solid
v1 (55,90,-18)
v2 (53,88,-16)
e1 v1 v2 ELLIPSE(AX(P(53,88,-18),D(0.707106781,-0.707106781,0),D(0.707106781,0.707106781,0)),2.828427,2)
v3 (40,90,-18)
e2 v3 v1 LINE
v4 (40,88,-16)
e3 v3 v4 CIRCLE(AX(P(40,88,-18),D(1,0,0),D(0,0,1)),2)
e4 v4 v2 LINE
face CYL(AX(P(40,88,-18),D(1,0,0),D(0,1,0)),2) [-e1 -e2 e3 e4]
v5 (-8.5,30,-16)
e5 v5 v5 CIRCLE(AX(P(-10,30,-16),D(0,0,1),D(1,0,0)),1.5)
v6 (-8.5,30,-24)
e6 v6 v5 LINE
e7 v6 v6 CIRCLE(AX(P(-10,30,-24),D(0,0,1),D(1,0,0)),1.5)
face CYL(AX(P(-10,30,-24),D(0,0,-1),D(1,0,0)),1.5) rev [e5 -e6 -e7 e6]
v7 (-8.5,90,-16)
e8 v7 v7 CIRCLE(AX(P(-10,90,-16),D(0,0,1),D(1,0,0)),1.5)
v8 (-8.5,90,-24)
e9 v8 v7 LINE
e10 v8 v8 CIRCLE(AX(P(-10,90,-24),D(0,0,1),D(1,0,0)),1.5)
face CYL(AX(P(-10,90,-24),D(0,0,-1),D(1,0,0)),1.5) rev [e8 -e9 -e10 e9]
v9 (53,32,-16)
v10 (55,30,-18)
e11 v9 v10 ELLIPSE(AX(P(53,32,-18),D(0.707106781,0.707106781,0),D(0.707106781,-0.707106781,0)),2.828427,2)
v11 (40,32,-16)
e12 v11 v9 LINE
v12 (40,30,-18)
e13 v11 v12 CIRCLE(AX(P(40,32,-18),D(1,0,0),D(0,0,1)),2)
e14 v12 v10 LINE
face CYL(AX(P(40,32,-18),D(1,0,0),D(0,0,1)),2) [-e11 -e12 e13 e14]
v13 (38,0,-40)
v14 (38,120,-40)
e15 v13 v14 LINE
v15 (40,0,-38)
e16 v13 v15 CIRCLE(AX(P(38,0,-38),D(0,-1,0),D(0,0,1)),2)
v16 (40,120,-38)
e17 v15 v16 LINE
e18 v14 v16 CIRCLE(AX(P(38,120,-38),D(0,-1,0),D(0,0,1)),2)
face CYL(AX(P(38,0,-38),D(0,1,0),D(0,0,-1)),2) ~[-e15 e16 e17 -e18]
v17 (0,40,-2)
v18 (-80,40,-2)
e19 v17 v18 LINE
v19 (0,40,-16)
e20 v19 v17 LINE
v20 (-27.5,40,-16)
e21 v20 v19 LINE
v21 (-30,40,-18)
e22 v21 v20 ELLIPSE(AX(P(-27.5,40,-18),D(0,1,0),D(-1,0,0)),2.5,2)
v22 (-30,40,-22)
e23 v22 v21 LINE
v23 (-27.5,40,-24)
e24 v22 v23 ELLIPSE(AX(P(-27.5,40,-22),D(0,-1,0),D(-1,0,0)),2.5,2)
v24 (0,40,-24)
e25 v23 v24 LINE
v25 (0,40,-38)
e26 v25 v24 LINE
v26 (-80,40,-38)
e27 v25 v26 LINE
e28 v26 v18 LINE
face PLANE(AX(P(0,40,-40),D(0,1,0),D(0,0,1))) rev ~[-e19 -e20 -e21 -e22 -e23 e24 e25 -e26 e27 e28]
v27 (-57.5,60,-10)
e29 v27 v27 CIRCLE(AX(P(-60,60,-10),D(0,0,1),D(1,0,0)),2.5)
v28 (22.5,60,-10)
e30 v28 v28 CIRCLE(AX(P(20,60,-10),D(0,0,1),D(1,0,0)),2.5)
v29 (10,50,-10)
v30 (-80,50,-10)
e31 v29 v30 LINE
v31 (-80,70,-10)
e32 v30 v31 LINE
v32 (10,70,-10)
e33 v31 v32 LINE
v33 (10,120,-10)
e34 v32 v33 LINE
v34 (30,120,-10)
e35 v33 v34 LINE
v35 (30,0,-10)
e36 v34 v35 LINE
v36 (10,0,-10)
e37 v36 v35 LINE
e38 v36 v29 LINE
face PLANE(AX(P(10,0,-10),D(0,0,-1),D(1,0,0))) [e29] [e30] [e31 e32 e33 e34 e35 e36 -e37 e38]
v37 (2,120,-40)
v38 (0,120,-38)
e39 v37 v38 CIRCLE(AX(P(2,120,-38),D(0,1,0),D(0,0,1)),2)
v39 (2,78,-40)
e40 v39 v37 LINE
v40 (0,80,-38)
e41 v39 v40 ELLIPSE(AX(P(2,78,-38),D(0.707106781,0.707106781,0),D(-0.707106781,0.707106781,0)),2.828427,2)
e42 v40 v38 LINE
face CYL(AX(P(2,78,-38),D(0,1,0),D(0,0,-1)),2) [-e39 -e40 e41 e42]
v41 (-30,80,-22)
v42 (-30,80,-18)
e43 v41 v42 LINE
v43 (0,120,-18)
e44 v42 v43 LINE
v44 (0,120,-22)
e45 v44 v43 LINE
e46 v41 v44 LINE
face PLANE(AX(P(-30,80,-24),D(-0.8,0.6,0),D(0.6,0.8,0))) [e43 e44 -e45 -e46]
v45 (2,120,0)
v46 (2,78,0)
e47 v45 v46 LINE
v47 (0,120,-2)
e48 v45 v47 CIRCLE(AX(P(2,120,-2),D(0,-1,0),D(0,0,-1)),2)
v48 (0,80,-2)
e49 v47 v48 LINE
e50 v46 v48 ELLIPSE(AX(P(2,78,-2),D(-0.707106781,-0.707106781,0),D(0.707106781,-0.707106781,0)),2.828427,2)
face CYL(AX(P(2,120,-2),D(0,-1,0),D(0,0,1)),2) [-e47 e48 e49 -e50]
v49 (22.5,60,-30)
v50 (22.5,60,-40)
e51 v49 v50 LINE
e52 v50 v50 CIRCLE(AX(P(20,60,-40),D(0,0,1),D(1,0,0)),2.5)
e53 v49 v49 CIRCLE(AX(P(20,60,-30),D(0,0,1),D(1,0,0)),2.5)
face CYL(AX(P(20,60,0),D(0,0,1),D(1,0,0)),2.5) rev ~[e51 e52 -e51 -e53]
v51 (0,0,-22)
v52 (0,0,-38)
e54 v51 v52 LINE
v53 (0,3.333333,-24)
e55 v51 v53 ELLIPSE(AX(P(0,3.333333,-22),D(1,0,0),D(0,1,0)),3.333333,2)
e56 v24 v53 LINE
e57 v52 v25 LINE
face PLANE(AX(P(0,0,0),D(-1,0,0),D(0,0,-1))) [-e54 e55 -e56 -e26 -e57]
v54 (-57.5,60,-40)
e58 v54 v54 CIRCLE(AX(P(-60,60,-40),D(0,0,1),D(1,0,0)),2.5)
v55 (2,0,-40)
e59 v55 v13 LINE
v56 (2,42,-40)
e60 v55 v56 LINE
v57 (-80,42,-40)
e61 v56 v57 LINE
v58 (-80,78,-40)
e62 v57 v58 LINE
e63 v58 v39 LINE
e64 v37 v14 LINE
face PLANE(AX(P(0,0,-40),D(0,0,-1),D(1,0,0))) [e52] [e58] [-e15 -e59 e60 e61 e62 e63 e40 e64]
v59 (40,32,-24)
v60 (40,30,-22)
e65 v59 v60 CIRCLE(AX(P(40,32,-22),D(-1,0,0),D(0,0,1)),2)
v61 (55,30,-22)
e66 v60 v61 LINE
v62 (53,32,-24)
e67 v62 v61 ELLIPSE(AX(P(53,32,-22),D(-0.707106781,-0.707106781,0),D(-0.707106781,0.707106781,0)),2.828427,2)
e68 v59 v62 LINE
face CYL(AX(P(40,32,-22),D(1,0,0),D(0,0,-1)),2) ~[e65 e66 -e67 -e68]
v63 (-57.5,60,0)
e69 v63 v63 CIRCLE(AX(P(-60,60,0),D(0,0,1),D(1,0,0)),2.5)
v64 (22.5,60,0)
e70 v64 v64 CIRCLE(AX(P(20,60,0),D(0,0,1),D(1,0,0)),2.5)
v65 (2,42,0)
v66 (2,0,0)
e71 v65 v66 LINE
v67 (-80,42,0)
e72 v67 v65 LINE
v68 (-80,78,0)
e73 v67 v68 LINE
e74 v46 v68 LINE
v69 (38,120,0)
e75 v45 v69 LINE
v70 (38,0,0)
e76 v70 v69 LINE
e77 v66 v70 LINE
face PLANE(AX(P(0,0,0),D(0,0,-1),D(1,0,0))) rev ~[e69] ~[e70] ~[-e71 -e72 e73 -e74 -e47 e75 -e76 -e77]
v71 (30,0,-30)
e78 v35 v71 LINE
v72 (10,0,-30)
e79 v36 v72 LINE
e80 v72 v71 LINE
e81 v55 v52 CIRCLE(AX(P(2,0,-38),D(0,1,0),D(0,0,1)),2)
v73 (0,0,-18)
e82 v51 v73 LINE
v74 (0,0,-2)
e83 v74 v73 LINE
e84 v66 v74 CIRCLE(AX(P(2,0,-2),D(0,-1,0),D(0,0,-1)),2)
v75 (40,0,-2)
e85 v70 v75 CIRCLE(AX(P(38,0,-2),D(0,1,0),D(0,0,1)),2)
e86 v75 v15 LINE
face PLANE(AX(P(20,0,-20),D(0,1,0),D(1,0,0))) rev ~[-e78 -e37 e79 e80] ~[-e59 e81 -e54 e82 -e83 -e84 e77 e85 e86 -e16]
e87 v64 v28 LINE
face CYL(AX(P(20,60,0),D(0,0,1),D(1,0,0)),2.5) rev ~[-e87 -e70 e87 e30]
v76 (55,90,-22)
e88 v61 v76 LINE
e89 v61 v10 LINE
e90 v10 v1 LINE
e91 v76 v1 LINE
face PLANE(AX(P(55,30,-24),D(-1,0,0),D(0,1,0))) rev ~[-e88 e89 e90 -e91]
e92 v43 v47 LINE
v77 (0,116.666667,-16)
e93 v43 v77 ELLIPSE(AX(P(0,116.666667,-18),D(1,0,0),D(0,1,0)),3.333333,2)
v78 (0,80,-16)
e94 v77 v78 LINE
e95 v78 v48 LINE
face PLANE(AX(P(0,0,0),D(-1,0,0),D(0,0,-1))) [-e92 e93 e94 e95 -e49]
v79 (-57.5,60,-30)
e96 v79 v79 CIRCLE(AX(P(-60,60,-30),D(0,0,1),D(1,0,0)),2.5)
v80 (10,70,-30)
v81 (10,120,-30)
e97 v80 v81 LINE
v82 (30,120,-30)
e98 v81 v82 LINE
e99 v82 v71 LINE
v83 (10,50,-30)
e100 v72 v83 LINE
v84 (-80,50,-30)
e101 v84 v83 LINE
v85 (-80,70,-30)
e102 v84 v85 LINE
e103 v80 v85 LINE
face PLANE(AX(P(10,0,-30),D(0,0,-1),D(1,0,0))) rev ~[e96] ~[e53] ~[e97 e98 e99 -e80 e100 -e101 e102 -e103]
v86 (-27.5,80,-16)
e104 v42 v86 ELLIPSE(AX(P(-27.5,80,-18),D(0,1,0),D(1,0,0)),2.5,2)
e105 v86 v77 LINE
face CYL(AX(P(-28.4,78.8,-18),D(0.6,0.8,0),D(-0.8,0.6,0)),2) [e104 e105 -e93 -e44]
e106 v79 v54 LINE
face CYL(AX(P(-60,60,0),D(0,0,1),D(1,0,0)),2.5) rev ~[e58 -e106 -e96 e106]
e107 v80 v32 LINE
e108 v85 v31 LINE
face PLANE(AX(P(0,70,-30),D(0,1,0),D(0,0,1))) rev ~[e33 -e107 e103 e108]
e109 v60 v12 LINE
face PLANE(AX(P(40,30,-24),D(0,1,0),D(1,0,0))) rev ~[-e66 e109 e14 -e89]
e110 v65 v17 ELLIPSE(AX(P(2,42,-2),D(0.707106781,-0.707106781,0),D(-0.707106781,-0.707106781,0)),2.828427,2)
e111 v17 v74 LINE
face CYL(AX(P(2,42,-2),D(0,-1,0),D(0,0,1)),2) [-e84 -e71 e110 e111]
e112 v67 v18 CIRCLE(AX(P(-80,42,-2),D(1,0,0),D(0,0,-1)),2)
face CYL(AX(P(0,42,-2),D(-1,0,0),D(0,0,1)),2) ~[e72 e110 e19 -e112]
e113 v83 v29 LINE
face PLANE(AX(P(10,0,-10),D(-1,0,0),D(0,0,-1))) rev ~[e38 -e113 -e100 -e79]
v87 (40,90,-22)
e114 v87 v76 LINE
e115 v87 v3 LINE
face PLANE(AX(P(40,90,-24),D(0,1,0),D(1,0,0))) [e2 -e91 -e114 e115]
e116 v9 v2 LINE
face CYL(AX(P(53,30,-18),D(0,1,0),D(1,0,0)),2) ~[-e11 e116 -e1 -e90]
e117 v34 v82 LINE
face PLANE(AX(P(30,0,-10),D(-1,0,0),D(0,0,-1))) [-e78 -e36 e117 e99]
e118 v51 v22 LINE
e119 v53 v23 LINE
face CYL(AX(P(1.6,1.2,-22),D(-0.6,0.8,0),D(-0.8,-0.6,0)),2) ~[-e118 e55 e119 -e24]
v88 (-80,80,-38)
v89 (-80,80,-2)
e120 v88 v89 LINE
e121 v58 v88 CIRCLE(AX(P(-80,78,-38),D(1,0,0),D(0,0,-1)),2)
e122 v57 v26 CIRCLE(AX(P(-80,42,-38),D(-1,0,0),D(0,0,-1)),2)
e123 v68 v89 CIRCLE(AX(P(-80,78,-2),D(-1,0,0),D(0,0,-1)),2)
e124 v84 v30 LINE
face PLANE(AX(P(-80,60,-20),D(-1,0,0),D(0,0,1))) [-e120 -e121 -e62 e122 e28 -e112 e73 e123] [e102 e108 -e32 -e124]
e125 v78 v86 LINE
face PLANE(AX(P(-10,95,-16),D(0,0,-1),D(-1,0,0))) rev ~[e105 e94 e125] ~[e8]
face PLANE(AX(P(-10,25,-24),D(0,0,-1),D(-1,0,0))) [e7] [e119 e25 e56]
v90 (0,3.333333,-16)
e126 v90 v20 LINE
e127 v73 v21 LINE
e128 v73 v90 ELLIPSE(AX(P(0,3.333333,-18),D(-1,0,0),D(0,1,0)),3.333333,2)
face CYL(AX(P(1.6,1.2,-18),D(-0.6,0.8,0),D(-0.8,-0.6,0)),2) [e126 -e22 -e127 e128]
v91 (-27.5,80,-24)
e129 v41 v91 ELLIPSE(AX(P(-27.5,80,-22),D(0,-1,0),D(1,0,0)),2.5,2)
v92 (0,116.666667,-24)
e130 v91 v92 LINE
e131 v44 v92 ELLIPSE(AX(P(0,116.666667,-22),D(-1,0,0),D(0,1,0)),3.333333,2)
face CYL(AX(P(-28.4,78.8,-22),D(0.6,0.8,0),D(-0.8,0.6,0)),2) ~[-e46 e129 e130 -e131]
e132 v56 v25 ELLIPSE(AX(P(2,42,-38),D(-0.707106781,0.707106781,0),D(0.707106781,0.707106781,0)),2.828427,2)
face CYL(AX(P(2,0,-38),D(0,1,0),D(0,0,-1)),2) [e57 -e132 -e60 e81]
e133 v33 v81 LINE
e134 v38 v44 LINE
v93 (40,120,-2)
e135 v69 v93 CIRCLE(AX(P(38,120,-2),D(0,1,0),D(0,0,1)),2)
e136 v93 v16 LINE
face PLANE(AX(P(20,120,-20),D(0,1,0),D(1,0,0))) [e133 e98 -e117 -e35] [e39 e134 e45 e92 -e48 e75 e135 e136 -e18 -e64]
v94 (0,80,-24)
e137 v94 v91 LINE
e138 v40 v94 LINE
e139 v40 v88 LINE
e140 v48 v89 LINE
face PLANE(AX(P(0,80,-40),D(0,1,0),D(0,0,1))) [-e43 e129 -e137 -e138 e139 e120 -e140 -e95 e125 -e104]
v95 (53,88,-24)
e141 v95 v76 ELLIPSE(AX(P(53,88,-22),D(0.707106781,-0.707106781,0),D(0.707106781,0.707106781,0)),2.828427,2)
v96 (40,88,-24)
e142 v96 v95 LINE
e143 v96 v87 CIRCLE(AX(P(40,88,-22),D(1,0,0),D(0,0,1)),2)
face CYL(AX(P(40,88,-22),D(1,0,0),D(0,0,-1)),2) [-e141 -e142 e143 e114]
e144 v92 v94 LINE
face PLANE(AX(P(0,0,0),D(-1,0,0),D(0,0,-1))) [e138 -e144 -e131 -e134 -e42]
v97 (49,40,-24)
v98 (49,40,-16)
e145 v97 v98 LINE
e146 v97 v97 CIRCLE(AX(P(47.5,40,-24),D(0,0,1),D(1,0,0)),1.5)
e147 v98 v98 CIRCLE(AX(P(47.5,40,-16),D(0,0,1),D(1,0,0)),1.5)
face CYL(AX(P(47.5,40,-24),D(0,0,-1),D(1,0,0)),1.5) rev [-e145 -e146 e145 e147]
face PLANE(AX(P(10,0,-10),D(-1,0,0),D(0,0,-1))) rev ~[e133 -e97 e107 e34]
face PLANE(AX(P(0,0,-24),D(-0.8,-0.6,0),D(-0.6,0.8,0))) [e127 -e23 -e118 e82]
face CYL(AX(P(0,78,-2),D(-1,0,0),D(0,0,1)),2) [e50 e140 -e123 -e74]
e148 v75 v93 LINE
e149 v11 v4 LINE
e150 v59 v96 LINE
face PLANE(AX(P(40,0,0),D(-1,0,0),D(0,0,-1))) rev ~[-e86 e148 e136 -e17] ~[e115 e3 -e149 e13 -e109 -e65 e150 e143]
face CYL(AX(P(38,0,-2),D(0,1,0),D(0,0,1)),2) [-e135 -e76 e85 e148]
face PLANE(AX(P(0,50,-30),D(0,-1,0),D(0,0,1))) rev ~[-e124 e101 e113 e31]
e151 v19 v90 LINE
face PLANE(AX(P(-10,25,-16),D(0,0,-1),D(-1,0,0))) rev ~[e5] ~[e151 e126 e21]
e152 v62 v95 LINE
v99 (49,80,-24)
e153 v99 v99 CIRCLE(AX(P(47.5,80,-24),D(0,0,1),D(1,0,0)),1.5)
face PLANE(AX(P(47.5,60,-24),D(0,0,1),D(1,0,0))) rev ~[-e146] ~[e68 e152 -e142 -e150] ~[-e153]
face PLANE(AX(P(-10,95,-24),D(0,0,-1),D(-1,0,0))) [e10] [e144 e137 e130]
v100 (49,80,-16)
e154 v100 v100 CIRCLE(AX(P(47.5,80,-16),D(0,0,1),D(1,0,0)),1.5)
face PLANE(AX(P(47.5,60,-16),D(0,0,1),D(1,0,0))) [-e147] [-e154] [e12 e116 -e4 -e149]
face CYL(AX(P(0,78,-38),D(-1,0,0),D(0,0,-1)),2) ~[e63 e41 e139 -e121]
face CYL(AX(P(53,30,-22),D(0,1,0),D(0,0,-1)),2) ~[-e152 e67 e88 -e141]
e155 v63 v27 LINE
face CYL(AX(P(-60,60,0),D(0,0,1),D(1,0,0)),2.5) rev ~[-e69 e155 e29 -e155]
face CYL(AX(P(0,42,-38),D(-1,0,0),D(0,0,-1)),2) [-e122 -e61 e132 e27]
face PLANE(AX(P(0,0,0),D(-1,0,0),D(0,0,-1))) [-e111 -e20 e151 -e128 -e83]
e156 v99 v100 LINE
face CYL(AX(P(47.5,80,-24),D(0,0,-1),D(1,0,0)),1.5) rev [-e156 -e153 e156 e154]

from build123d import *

# Parameters (mm, degrees)
SKETCH1_W                = 40
SKETCH1_H                = 40
SKETCH1_W_2              = 20
SKETCH1_H_2              = 20
BOSS_EXTRUDE1_DEPTH      = 120
SKETCH2_W                = 40
SKETCH2_H                = 40
SKETCH2_W_2              = 20
SKETCH2_H_2              = 20
BOSS_EXTRUDE2_DEPTH      = 80
BOSS_EXTRUDE3_DEPTH      = 4
BOSS_EXTRUDE3_DEPTH_BACK = 4
SKETCH5_R                = 1.5
SKETCH5_W                = 15
SKETCH5_H                = 60
SKETCH7_W                = 20
SKETCH7_H                = 20
CUT_EXTRUDE2_DEPTH       = 30
SKETCH8_R                = 2.5
CUT_EXTRUDE3_DEPTH       = 150.666295471
FILLET1_R                = 2
FILLET2_R                = 2
FILLET3_R                = 2
FILLET4_R                = 2
FILLET5_R                = 2


with BuildPart() as part:
    # Sketch1 → Boss-Extrude1 (new body)
    with BuildSketch(Plane(origin=(0, 0, 0), x_dir=(1, 0, 0), z_dir=(0, 1, 0))):
        with Locations((20, 20)):
            Rectangle(SKETCH1_W, SKETCH1_H)
        with Locations((20, 20)):
            Rectangle(SKETCH1_W_2, SKETCH1_H_2, mode=Mode.SUBTRACT)
    extrude(amount=BOSS_EXTRUDE1_DEPTH)

    # Sketch2 → Boss-Extrude2 (add)
    with BuildSketch(Plane.ZY):
        with Locations((-20, 60)):
            Rectangle(SKETCH2_W, SKETCH2_H)
        with Locations((-20, 60)):
            Rectangle(SKETCH2_W_2, SKETCH2_H_2, mode=Mode.SUBTRACT)
    extrude(amount=BOSS_EXTRUDE2_DEPTH)

    # Sketch5 → Boss-Extrude3 (add, two sides: drawn at the far end of the back side and taken through both)
    # profile 1 of 3: a face of its own
    with BuildSketch(Plane.XY.offset(-20).offset(-BOSS_EXTRUDE3_DEPTH_BACK)):
        Polygon((0, 120), (0, 80), (-30, 80), align=None)
        with Locations((-10, 90)):
            Circle(SKETCH5_R, mode=Mode.SUBTRACT)
    # profile 2 of 3: a face of its own
    with BuildSketch(Plane.XY.offset(-20).offset(-BOSS_EXTRUDE3_DEPTH_BACK)):
        Polygon((0, 0), (-30, 40), (0, 40), align=None)
        with Locations((-10, 30)):
            Circle(SKETCH5_R, mode=Mode.SUBTRACT)
    # profile 3 of 3: a face of its own
    with BuildSketch(Plane.XY.offset(-20).offset(-BOSS_EXTRUDE3_DEPTH_BACK)):
        with Locations((47.5, 60)):
            Rectangle(SKETCH5_W, SKETCH5_H)
        with Locations((47.5, 80)):
            Circle(SKETCH5_R, mode=Mode.SUBTRACT)
        with Locations((47.5, 40)):
            Circle(SKETCH5_R, mode=Mode.SUBTRACT)
    extrude(amount=BOSS_EXTRUDE3_DEPTH + BOSS_EXTRUDE3_DEPTH_BACK)

    # Sketch7 → Cut-Extrude2 (cut)
    with BuildSketch(Plane.ZY):
        with Locations((-20, 60)):
            Rectangle(SKETCH7_W, SKETCH7_H)
    extrude(amount=-CUT_EXTRUDE2_DEPTH, mode=Mode.SUBTRACT)

    # Sketch8 → Cut-Extrude3 (cut, through all)
    with BuildSketch(Plane.XY):
        with Locations((-60, 60)):
            Circle(SKETCH8_R)
        with Locations((20, 60)):
            Circle(SKETCH8_R)
    extrude(amount=-CUT_EXTRUDE3_DEPTH, mode=Mode.SUBTRACT)

    # Fillet1
    fillet1_edges = [part.edges().sort_by_distance(p)[0] for p in [
        (-40, 80, 0),
    ]]
    fillet(fillet1_edges, radius=FILLET1_R)

    # Fillet2
    fillet2_edges = [part.edges().sort_by_distance(p)[0] for p in [
        (-40, 80, -40),
        (-40, 40, -40),
        (-40, 40, 0),
    ]]
    fillet(fillet2_edges, radius=FILLET2_R)

    # Fillet3
    fillet3_edges = [part.edges().sort_by_distance(p)[0] for p in [
        (40, 60, -40),
        (40, 60, 0),
        (0, 21, -40),
        (0, 21, 0),
        (0, 99, -40),
        (0, 99, 0),
    ]]
    fillet(fillet3_edges, radius=FILLET3_R)

    # Fillet4
    fillet4_edges = [part.edges().sort_by_distance(p)[0] for p in [
        (47.5, 90, -24),
        (55, 60, -24),
        (47.5, 30, -24),
        (47.5, 30, -16),
        (55, 60, -16),
        (47.5, 90, -16),
    ]]
    fillet(fillet4_edges, radius=FILLET4_R)

    # Fillet5
    fillet5_edges = [part.edges().sort_by_distance(p)[0] for p in [
        (-15, 20, -24),
        (-15, 20, -16),
        (-15, 100, -24),
        (-15, 100, -16),
    ]]
    fillet(fillet5_edges, radius=FILLET5_R)


solid = part.part
